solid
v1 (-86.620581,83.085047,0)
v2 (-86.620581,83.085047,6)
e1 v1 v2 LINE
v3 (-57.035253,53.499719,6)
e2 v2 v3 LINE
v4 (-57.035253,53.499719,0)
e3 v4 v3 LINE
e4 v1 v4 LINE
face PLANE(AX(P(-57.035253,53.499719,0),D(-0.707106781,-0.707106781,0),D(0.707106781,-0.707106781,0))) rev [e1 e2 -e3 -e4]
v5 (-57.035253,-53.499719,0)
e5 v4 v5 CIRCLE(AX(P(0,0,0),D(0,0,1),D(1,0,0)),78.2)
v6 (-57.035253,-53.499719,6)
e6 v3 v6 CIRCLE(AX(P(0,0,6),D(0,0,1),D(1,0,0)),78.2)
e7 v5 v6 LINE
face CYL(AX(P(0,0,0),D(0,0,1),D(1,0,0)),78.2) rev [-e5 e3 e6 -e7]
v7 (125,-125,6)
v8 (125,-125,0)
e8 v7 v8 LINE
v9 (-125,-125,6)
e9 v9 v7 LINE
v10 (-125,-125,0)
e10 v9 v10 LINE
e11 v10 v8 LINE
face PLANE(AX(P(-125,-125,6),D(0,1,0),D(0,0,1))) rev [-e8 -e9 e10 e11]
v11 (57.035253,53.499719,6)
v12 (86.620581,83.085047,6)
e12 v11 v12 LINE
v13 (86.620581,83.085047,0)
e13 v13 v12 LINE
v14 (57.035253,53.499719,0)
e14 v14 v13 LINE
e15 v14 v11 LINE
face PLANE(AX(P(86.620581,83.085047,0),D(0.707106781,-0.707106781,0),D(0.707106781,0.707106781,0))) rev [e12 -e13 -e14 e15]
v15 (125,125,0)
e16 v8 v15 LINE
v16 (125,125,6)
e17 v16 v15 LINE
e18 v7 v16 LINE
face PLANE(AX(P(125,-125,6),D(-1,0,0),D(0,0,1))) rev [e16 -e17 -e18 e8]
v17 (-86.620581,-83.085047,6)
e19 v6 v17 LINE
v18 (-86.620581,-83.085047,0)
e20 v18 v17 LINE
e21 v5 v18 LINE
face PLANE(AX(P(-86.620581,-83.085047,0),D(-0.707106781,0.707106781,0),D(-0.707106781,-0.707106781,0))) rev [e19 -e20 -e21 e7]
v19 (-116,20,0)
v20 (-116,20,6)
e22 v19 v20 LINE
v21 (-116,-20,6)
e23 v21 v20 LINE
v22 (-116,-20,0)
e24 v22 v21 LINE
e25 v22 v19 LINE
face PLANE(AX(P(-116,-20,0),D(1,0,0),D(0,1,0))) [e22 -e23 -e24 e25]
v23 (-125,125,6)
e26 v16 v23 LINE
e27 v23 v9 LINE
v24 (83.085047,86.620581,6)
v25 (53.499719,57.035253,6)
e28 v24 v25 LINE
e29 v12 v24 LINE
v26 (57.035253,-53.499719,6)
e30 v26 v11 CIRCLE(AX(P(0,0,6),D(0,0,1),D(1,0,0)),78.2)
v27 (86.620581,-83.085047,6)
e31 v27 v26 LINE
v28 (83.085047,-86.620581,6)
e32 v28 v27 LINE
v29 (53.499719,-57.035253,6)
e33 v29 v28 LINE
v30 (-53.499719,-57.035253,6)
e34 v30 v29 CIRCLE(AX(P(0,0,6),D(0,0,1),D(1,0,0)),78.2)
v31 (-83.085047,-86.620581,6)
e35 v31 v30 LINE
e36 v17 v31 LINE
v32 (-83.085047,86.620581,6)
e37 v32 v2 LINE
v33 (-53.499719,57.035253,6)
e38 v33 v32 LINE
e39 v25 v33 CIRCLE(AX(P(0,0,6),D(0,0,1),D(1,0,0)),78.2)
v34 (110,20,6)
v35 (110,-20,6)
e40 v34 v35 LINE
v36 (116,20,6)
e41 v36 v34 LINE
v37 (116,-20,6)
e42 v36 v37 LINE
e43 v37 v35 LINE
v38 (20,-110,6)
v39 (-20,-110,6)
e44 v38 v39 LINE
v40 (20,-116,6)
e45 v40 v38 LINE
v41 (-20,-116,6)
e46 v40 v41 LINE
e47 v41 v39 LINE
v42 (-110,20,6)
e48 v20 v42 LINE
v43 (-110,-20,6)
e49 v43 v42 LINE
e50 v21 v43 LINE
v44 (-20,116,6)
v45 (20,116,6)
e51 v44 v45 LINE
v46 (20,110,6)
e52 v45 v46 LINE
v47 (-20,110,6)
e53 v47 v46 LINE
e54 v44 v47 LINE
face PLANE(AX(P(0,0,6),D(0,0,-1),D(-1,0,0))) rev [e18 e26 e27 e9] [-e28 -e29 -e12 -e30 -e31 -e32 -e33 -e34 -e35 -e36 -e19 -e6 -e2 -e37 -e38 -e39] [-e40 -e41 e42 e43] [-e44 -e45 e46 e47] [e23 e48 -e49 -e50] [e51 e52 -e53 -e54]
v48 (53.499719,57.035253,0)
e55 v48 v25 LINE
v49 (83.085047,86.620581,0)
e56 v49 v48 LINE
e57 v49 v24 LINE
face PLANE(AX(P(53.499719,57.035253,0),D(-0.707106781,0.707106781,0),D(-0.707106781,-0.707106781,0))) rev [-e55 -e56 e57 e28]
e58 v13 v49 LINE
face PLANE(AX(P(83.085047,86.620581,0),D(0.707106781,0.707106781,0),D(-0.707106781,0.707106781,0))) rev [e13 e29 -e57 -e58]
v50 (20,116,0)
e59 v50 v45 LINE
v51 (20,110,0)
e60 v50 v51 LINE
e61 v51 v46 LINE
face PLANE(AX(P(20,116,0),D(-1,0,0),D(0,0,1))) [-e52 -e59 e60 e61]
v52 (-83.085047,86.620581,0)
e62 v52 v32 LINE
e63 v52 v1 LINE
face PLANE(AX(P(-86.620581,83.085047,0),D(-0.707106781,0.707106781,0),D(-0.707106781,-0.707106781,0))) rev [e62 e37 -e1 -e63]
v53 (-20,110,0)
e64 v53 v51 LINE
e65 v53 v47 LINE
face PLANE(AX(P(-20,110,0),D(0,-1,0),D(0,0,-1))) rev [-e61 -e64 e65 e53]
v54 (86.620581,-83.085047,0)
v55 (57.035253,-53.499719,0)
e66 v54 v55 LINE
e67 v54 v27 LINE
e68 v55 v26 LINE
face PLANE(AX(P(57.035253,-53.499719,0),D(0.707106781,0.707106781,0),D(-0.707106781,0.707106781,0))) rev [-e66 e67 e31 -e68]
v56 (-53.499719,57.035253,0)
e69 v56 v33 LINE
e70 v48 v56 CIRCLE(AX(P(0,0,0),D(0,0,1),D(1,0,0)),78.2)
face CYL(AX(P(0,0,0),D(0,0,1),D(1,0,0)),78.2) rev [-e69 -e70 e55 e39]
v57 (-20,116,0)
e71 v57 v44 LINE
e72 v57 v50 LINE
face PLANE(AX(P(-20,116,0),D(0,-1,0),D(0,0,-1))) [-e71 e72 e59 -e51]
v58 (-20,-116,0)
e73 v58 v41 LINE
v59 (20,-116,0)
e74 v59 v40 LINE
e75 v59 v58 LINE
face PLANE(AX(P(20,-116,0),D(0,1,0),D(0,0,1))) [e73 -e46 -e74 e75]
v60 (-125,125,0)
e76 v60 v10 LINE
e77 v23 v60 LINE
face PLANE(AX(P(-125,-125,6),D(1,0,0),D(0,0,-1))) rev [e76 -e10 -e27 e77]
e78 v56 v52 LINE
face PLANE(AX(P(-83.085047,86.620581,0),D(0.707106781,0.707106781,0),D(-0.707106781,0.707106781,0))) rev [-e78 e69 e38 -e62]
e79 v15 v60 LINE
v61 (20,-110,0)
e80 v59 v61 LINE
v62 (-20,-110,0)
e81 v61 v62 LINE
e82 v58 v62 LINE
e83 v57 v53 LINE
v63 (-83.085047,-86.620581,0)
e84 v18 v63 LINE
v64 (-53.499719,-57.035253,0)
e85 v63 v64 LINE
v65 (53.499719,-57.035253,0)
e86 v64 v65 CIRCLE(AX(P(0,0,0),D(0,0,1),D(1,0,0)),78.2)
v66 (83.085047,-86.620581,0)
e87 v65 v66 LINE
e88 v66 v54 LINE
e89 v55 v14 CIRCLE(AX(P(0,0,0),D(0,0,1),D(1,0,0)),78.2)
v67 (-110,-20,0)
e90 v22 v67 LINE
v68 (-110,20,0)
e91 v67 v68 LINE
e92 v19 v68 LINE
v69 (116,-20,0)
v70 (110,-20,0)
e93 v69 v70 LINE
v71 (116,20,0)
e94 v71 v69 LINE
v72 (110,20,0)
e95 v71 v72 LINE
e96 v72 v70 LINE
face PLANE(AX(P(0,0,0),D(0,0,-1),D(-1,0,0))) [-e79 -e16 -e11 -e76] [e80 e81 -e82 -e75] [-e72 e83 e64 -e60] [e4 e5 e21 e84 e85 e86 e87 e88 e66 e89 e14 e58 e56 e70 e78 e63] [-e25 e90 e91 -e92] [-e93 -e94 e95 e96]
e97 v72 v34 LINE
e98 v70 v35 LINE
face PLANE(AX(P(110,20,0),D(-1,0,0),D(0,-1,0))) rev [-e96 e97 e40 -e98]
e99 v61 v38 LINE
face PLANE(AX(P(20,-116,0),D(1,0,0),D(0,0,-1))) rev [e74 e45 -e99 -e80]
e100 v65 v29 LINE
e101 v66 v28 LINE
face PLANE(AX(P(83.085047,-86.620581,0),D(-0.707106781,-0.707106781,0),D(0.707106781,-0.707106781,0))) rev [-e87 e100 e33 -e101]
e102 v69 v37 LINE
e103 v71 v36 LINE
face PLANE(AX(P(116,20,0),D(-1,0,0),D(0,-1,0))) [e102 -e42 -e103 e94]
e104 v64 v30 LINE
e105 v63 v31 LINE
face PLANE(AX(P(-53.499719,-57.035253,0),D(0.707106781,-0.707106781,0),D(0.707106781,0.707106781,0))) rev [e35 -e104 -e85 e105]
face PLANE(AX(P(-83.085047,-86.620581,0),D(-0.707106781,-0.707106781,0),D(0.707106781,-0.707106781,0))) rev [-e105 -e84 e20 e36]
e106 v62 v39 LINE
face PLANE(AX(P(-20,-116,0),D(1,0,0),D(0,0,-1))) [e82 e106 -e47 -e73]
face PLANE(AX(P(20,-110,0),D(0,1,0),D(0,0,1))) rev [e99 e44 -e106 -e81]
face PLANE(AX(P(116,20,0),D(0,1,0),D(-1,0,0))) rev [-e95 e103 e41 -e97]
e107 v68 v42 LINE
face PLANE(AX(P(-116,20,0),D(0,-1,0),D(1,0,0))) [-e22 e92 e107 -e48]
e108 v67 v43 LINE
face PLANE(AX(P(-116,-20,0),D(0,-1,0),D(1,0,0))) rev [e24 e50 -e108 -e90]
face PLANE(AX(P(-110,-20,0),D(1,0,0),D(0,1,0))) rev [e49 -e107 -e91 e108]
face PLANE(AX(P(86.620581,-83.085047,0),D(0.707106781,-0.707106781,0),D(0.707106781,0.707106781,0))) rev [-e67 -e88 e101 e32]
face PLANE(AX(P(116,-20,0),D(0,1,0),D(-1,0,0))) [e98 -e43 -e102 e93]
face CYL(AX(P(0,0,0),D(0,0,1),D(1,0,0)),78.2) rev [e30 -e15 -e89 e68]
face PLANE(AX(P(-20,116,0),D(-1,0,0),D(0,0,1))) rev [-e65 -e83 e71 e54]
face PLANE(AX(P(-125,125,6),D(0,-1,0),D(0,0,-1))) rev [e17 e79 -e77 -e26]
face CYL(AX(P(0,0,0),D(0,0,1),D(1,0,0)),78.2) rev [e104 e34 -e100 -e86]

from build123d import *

# Parameters (mm, degrees)
SKETCH1_W           = 250
SKETCH1_H           = 250
BOSS_EXTRUDE1_DEPTH = 6
SKETCH2_R           = 78.2
CUT_EXTRUDE1_DEPTH  = 177.878489365
CUT_EXTRUDE2_DEPTH  = 177.878489365
CIRPATTERN1_COUNT   = 4
SKETCH4_W           = 40
SKETCH4_H           = 6
CUT_EXTRUDE3_DEPTH  = 177.878489365
CIRPATTERN2_COUNT   = 4


with BuildPart() as part:
    # Sketch1 → Boss-Extrude1 (new body)
    with BuildSketch(Plane.XY):
        Rectangle(SKETCH1_W, SKETCH1_H)
    extrude(amount=BOSS_EXTRUDE1_DEPTH)

    # Sketch2 → Cut-Extrude1 (cut, through all)
    with BuildSketch(Plane.XY.offset(6)):
        Circle(SKETCH2_R)
    extrude(amount=-CUT_EXTRUDE1_DEPTH, mode=Mode.SUBTRACT)

    # Sketch3 → Cut-Extrude2 (cut, through all)
    with BuildSketch(Plane.XY.offset(6)):
        with BuildLine():
            Line((-57.035252874, 53.499718968), (-86.620580695, 83.085046789))
            Line((-86.620580695, 83.085046789), (-83.085046789, 86.620580695))
            Line((-83.085046789, 86.620580695), (-53.499718968, 57.035252874))
            ThreePointArc((-53.499718968, 57.035252874), (-55.295750289, 55.295750289), (-57.035252874, 53.499718968))
        make_face()
    cut_extrude2 = extrude(amount=-CUT_EXTRUDE2_DEPTH, mode=Mode.SUBTRACT)

    # CirPattern1: Cut-Extrude2 ×4 about axis
    cirpattern1_axis = Axis((0, 0, -0.3), (0, 0, 1))
    for i in range(1, CIRPATTERN1_COUNT):
        add(cut_extrude2.rotate(cirpattern1_axis, i * 360 / CIRPATTERN1_COUNT), mode=Mode.SUBTRACT)

    # Sketch4 → Cut-Extrude3 (cut, through all)
    with BuildSketch(Plane.XY.offset(6)):
        with Locations((0, 113)):
            Rectangle(SKETCH4_W, SKETCH4_H)
    cut_extrude3 = extrude(amount=-CUT_EXTRUDE3_DEPTH, mode=Mode.SUBTRACT)

    # CirPattern2: Cut-Extrude3 ×4 about axis
    cirpattern2_axis = Axis((0, 0, -0.3), (0, 0, 1))
    for i in range(1, CIRPATTERN2_COUNT):
        add(cut_extrude3.rotate(cirpattern2_axis, i * 360 / CIRPATTERN2_COUNT), mode=Mode.SUBTRACT)


solid = part.part
